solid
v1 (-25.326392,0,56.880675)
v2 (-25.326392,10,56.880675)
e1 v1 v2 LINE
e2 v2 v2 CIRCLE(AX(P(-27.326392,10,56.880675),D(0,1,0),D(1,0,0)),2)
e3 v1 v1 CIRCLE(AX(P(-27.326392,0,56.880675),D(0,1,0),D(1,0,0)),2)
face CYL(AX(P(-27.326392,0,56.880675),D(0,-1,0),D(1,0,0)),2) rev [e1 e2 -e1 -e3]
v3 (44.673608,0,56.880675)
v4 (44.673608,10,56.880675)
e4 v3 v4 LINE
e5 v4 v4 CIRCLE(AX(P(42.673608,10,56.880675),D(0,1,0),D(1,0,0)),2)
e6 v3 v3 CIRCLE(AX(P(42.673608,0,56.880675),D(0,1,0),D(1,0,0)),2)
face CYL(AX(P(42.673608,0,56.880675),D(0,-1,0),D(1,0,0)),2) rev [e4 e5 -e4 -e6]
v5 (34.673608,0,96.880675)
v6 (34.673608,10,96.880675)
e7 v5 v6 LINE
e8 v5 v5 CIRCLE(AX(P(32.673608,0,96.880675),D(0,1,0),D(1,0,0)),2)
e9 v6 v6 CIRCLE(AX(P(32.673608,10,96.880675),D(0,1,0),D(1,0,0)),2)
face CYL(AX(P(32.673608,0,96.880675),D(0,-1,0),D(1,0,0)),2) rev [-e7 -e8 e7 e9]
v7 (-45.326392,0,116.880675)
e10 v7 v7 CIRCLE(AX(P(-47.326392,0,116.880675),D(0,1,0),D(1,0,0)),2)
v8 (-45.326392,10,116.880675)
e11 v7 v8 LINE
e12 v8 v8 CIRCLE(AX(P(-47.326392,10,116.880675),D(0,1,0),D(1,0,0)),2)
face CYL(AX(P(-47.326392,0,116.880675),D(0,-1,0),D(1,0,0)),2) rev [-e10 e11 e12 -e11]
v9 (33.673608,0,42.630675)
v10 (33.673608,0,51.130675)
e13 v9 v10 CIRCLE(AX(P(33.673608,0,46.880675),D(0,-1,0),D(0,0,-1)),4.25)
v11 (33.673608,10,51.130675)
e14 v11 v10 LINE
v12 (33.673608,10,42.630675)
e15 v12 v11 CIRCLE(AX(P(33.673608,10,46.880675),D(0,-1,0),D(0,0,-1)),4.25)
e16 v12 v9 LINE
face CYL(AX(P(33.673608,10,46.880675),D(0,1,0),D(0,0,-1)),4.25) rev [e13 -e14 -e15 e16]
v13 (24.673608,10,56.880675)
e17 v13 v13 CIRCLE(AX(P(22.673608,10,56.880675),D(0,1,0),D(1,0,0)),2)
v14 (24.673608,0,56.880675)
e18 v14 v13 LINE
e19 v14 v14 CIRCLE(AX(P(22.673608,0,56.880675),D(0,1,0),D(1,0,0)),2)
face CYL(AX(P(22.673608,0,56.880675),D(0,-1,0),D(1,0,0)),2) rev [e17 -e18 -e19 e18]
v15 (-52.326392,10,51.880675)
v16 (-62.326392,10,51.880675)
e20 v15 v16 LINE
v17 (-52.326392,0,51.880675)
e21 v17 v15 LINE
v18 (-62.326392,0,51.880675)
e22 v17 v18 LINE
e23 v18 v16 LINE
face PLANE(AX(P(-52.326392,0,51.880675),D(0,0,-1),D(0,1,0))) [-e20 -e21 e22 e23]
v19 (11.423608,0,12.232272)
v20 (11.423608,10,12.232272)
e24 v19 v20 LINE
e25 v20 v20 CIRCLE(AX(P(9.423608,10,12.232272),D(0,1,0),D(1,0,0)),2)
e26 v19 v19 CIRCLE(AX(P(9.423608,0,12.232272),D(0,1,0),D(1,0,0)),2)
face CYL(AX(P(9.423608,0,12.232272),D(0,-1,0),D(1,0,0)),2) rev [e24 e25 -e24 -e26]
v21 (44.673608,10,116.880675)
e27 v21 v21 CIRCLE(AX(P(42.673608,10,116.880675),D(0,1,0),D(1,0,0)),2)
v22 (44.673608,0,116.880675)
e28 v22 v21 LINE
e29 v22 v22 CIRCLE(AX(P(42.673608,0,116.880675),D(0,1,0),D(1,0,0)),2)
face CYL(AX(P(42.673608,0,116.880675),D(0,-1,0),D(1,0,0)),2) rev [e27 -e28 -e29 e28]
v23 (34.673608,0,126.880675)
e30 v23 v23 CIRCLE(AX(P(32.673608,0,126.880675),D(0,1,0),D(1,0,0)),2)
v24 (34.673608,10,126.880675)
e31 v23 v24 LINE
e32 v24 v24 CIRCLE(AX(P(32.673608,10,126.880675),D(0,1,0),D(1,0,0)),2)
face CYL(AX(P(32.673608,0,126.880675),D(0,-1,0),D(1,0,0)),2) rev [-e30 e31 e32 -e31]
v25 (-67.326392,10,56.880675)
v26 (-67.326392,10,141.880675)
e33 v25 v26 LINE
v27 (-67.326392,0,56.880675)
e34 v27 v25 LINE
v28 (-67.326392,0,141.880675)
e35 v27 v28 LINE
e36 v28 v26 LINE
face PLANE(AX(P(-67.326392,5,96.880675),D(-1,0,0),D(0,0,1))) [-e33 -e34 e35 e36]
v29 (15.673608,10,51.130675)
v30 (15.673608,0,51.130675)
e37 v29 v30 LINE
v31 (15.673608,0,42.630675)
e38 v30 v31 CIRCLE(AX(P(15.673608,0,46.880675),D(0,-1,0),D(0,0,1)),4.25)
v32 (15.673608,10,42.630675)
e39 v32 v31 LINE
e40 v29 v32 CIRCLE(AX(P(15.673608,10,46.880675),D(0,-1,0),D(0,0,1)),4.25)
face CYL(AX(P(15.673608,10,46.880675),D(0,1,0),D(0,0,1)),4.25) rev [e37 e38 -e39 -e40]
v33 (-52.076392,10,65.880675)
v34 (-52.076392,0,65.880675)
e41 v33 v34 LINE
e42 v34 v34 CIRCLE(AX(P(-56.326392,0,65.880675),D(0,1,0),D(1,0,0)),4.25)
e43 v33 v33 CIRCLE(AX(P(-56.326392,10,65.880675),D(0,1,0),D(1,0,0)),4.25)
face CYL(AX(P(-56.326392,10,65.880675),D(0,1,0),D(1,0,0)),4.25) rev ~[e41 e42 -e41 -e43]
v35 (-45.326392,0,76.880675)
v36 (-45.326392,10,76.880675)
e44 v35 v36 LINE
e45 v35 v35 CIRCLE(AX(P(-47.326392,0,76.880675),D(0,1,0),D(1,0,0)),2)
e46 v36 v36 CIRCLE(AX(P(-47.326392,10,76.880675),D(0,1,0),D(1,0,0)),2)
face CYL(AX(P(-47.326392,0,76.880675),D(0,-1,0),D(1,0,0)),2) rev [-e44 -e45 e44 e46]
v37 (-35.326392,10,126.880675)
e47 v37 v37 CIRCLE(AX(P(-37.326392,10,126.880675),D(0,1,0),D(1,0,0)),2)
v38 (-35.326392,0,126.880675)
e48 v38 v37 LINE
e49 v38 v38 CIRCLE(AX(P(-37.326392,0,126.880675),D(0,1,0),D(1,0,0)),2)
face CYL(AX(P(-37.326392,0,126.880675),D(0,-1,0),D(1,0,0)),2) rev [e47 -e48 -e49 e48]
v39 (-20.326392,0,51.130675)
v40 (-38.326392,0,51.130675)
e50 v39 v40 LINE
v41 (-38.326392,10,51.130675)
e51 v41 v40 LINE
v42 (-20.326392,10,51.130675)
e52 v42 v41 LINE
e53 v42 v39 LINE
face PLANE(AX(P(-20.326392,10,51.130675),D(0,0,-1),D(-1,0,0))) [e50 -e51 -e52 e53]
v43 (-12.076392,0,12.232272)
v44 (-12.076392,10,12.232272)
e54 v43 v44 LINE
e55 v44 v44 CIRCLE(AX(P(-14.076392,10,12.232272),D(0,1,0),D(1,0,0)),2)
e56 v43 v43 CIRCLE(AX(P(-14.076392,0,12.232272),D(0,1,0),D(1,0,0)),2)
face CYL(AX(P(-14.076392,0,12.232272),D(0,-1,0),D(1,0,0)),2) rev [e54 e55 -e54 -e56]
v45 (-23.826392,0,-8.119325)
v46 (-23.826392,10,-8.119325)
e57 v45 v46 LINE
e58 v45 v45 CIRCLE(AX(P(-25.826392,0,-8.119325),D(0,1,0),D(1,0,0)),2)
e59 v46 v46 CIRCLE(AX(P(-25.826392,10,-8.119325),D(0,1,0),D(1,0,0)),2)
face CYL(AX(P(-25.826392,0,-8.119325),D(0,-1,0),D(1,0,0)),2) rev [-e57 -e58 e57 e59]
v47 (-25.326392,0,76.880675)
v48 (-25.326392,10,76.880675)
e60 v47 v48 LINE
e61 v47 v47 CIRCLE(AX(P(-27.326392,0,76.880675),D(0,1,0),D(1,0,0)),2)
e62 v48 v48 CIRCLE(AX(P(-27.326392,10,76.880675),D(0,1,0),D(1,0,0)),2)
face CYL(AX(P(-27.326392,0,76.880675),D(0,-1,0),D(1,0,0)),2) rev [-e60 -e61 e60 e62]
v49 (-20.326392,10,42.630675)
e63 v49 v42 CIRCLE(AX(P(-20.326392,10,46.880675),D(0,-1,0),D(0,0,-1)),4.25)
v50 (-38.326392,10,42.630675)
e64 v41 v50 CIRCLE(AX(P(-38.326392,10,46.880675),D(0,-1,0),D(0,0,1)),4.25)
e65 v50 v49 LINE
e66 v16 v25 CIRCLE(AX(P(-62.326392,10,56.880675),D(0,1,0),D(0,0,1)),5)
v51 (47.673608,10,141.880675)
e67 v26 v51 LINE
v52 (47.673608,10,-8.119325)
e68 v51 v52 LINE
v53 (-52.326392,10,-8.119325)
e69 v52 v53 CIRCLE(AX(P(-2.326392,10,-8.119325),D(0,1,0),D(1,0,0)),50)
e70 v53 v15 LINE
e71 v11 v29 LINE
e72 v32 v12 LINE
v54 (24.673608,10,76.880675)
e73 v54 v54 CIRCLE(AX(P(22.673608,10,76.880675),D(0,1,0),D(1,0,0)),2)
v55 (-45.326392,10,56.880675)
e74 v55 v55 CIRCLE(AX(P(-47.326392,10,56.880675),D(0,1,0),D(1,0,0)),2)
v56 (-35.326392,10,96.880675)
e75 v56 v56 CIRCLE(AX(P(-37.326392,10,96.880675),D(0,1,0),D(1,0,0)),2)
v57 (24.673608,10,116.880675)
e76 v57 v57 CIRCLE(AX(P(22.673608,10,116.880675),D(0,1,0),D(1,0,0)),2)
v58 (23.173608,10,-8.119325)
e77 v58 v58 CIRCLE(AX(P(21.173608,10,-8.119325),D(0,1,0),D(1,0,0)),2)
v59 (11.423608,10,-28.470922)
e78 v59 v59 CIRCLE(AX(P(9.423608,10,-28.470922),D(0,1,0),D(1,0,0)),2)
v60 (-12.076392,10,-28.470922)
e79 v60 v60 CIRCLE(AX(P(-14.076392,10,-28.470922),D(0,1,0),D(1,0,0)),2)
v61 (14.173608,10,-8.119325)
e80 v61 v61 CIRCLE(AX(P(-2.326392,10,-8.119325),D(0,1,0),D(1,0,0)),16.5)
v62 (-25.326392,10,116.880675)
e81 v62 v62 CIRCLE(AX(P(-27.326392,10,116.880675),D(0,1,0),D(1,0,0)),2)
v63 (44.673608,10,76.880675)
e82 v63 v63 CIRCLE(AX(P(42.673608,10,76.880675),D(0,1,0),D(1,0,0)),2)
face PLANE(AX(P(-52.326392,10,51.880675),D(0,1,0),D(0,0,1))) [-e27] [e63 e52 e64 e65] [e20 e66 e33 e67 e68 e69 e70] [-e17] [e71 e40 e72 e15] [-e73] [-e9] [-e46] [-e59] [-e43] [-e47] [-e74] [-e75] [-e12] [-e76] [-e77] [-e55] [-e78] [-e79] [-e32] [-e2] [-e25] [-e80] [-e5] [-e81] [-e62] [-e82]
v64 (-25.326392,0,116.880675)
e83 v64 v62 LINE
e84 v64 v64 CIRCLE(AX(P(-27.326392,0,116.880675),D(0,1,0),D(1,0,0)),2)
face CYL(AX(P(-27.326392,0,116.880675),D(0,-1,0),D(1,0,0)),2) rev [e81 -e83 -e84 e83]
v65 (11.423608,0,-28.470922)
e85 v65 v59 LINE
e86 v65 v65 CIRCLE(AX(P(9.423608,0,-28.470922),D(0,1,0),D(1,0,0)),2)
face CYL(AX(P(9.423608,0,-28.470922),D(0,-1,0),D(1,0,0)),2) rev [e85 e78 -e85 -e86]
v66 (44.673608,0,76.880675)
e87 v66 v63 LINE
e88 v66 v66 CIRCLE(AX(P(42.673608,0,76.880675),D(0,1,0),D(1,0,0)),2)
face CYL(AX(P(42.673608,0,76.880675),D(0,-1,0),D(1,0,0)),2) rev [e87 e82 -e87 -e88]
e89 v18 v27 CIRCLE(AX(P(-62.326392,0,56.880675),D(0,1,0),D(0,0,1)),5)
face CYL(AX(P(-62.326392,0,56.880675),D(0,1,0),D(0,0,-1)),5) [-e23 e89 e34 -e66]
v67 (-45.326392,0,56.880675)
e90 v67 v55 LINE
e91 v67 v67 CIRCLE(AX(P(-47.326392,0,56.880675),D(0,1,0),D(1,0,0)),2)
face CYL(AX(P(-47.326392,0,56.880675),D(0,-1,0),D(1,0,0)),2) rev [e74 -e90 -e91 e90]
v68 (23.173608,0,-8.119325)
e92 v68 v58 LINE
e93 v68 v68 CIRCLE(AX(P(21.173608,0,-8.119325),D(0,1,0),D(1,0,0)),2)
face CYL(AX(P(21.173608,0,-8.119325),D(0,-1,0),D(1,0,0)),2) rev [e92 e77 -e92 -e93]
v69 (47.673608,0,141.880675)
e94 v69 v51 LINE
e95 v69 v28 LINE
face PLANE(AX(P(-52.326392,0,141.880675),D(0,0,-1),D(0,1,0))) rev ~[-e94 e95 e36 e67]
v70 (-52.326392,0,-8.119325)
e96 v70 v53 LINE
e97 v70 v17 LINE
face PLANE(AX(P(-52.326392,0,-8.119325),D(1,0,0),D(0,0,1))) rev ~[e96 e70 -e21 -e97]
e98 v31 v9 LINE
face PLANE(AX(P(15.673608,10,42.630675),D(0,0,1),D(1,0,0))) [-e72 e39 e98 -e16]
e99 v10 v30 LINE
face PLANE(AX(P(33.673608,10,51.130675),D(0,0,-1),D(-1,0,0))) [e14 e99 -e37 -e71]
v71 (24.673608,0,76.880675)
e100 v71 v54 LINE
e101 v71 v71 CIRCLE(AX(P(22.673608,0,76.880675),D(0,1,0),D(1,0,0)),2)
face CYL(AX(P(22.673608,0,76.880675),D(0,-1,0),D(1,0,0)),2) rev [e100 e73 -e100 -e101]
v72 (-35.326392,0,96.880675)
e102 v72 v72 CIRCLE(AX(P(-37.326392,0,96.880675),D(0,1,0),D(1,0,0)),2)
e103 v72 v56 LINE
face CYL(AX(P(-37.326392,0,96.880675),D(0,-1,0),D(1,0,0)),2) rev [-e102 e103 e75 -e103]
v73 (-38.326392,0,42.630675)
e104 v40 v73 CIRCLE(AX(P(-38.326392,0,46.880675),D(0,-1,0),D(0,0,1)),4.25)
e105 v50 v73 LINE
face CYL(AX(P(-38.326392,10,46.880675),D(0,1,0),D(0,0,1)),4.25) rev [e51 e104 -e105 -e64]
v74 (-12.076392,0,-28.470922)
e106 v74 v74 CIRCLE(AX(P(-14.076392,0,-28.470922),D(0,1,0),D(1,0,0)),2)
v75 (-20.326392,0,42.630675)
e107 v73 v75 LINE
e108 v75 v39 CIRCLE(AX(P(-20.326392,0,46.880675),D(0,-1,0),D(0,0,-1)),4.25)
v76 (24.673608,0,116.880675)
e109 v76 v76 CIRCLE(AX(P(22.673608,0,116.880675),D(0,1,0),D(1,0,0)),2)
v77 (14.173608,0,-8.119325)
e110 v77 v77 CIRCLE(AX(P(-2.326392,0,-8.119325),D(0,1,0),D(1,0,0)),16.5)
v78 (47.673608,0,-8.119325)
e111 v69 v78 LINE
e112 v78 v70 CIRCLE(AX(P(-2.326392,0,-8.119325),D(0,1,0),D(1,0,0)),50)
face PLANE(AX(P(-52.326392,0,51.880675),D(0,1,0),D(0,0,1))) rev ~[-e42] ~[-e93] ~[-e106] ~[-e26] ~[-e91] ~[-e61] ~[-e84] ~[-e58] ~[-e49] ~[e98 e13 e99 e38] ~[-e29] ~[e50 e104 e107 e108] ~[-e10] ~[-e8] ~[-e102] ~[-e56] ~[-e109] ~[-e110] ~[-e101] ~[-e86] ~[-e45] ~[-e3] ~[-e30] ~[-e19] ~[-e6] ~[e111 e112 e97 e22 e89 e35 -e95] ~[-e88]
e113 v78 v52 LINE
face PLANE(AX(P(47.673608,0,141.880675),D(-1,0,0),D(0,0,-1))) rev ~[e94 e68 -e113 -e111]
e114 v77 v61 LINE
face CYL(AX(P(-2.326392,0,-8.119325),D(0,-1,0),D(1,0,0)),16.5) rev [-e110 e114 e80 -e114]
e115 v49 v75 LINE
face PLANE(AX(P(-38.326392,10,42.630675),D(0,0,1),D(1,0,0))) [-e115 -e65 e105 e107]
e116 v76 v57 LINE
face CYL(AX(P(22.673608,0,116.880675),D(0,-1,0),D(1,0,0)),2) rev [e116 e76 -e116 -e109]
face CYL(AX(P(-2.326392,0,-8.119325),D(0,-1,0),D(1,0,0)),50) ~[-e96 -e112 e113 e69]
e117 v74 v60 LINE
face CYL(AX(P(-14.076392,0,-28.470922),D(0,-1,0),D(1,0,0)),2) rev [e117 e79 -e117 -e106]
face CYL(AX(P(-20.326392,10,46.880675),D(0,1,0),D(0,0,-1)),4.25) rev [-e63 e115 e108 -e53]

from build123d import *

# Parameters (mm, degrees)
SKETCH1_R           = 16.5
SKETCH1_R_2         = 2
BOSS_EXTRUDE3_DEPTH = 10
SKETCH9_W           = 90
SKETCH9_H           = 10
BOSS_EXTRUDE4_DEPTH = 15
FILLET1_R           = 5
SKETCH10_R          = 4.25
CUT_EXTRUDE7_DEPTH  = 10
CUT_EXTRUDE8_DEPTH  = 10


with BuildPart() as part:
    # Sketch1 → Boss-Extrude3 (new body)
    with BuildSketch(Plane(origin=(0, 0, 0), x_dir=(1, 0, 0), z_dir=(0, 1, 0))):
        with BuildLine():
            Line((-52.326392464, -141.880675109), (47.673607536, -141.880675109))
            Line((47.673607536, -141.880675109), (47.673607536, 8.119324891))
            ThreePointArc((47.673607536, 8.119324891), (-2.326392464, 58.119324891), (-52.326392464, 8.119324891))
            Line((-52.326392464, 8.119324891), (-52.326392464, -141.880675109))
        make_face()
        with Locations((-2.326392464, 8.119324891)):
            Circle(SKETCH1_R, mode=Mode.SUBTRACT)
        with Locations((21.173607536, 8.119324891)):
            Circle(SKETCH1_R_2, mode=Mode.SUBTRACT)
        with Locations((9.423607536, -12.232272098)):
            Circle(SKETCH1_R_2, mode=Mode.SUBTRACT)
        with Locations((-14.076392464, -12.232272098)):
            Circle(SKETCH1_R_2, mode=Mode.SUBTRACT)
        with Locations((-25.826392464, 8.119324891)):
            Circle(SKETCH1_R_2, mode=Mode.SUBTRACT)
        with Locations((-14.076392464, 28.47092188)):
            Circle(SKETCH1_R_2, mode=Mode.SUBTRACT)
        with Locations((9.423607536, 28.47092188)):
            Circle(SKETCH1_R_2, mode=Mode.SUBTRACT)
        with Locations((-47.326392464, -116.880675109)):
            Circle(SKETCH1_R_2, mode=Mode.SUBTRACT)
        with Locations((42.673607536, -116.880675109)):
            Circle(SKETCH1_R_2, mode=Mode.SUBTRACT)
        with Locations((-37.326392464, -126.880675109)):
            Circle(SKETCH1_R_2, mode=Mode.SUBTRACT)
        with Locations((-37.326392464, -96.880675109)):
            Circle(SKETCH1_R_2, mode=Mode.SUBTRACT)
        with Locations((-47.326392464, -76.880675109)):
            Circle(SKETCH1_R_2, mode=Mode.SUBTRACT)
        with Locations((42.673607536, -76.880675109)):
            Circle(SKETCH1_R_2, mode=Mode.SUBTRACT)
        with Locations((-47.326392464, -56.880675109)):
            Circle(SKETCH1_R_2, mode=Mode.SUBTRACT)
        with Locations((42.673607536, -56.880675109)):
            Circle(SKETCH1_R_2, mode=Mode.SUBTRACT)
        with Locations((-27.326392464, -116.880675109)):
            Circle(SKETCH1_R_2, mode=Mode.SUBTRACT)
        with Locations((22.673607536, -116.880675109)):
            Circle(SKETCH1_R_2, mode=Mode.SUBTRACT)
        with Locations((-27.326392464, -56.880675109)):
            Circle(SKETCH1_R_2, mode=Mode.SUBTRACT)
        with Locations((-27.326392464, -76.880675109)):
            Circle(SKETCH1_R_2, mode=Mode.SUBTRACT)
        with Locations((22.673607536, -56.880675109)):
            Circle(SKETCH1_R_2, mode=Mode.SUBTRACT)
        with Locations((22.673607536, -76.880675109)):
            Circle(SKETCH1_R_2, mode=Mode.SUBTRACT)
        with Locations((32.673607536, -96.880675109)):
            Circle(SKETCH1_R_2, mode=Mode.SUBTRACT)
        with Locations((32.673607536, -126.880675109)):
            Circle(SKETCH1_R_2, mode=Mode.SUBTRACT)
    extrude(amount=BOSS_EXTRUDE3_DEPTH)

    # Sketch9 → Boss-Extrude4 (add)
    with BuildSketch(Plane.ZY.offset(52.326392464)):
        with Locations((96.880675109, 5)):
            Rectangle(SKETCH9_W, SKETCH9_H)
    extrude(amount=BOSS_EXTRUDE4_DEPTH)

    # Fillet1
    fillet1_edges = [part.edges().sort_by_distance(p)[0] for p in [
        (-67.326392464, 5, 51.880675109),
    ]]
    fillet(fillet1_edges, radius=FILLET1_R)

    # Sketch10 → Cut-Extrude7 (cut)
    with BuildSketch(Plane(origin=(0, 10, 0), x_dir=(1, 0, 0), z_dir=(0, 1, 0))):
        with Locations((-56.326392464, -65.880675109)):
            Circle(SKETCH10_R)
    extrude(amount=-CUT_EXTRUDE7_DEPTH, mode=Mode.SUBTRACT)

    # Sketch11 → Cut-Extrude8 (cut)
    with BuildSketch(Plane(origin=(0, 10, 0), x_dir=(1, 0, 0), z_dir=(0, 1, 0))):
        with BuildLine():
            Line((15.673607536, -42.630675109), (33.673607536, -42.630675109))
            ThreePointArc((33.673607536, -42.630675109), (37.923607536, -46.880675109), (33.673607536, -51.130675109))
            Line((33.673607536, -51.130675109), (15.673607536, -51.130675109))
            ThreePointArc((15.673607536, -51.130675109), (11.423607536, -46.880675109), (15.673607536, -42.630675109))
        make_face()
        with BuildLine():
            Line((-38.326392464, -42.630675109), (-20.326392464, -42.630675109))
            ThreePointArc((-20.326392464, -42.630675109), (-16.076392464, -46.880675109), (-20.326392464, -51.130675109))
            Line((-20.326392464, -51.130675109), (-38.326392464, -51.130675109))
            ThreePointArc((-38.326392464, -51.130675109), (-42.576392464, -46.880675109), (-38.326392464, -42.630675109))
        make_face()
    extrude(amount=-CUT_EXTRUDE8_DEPTH, mode=Mode.SUBTRACT)


solid = part.part
